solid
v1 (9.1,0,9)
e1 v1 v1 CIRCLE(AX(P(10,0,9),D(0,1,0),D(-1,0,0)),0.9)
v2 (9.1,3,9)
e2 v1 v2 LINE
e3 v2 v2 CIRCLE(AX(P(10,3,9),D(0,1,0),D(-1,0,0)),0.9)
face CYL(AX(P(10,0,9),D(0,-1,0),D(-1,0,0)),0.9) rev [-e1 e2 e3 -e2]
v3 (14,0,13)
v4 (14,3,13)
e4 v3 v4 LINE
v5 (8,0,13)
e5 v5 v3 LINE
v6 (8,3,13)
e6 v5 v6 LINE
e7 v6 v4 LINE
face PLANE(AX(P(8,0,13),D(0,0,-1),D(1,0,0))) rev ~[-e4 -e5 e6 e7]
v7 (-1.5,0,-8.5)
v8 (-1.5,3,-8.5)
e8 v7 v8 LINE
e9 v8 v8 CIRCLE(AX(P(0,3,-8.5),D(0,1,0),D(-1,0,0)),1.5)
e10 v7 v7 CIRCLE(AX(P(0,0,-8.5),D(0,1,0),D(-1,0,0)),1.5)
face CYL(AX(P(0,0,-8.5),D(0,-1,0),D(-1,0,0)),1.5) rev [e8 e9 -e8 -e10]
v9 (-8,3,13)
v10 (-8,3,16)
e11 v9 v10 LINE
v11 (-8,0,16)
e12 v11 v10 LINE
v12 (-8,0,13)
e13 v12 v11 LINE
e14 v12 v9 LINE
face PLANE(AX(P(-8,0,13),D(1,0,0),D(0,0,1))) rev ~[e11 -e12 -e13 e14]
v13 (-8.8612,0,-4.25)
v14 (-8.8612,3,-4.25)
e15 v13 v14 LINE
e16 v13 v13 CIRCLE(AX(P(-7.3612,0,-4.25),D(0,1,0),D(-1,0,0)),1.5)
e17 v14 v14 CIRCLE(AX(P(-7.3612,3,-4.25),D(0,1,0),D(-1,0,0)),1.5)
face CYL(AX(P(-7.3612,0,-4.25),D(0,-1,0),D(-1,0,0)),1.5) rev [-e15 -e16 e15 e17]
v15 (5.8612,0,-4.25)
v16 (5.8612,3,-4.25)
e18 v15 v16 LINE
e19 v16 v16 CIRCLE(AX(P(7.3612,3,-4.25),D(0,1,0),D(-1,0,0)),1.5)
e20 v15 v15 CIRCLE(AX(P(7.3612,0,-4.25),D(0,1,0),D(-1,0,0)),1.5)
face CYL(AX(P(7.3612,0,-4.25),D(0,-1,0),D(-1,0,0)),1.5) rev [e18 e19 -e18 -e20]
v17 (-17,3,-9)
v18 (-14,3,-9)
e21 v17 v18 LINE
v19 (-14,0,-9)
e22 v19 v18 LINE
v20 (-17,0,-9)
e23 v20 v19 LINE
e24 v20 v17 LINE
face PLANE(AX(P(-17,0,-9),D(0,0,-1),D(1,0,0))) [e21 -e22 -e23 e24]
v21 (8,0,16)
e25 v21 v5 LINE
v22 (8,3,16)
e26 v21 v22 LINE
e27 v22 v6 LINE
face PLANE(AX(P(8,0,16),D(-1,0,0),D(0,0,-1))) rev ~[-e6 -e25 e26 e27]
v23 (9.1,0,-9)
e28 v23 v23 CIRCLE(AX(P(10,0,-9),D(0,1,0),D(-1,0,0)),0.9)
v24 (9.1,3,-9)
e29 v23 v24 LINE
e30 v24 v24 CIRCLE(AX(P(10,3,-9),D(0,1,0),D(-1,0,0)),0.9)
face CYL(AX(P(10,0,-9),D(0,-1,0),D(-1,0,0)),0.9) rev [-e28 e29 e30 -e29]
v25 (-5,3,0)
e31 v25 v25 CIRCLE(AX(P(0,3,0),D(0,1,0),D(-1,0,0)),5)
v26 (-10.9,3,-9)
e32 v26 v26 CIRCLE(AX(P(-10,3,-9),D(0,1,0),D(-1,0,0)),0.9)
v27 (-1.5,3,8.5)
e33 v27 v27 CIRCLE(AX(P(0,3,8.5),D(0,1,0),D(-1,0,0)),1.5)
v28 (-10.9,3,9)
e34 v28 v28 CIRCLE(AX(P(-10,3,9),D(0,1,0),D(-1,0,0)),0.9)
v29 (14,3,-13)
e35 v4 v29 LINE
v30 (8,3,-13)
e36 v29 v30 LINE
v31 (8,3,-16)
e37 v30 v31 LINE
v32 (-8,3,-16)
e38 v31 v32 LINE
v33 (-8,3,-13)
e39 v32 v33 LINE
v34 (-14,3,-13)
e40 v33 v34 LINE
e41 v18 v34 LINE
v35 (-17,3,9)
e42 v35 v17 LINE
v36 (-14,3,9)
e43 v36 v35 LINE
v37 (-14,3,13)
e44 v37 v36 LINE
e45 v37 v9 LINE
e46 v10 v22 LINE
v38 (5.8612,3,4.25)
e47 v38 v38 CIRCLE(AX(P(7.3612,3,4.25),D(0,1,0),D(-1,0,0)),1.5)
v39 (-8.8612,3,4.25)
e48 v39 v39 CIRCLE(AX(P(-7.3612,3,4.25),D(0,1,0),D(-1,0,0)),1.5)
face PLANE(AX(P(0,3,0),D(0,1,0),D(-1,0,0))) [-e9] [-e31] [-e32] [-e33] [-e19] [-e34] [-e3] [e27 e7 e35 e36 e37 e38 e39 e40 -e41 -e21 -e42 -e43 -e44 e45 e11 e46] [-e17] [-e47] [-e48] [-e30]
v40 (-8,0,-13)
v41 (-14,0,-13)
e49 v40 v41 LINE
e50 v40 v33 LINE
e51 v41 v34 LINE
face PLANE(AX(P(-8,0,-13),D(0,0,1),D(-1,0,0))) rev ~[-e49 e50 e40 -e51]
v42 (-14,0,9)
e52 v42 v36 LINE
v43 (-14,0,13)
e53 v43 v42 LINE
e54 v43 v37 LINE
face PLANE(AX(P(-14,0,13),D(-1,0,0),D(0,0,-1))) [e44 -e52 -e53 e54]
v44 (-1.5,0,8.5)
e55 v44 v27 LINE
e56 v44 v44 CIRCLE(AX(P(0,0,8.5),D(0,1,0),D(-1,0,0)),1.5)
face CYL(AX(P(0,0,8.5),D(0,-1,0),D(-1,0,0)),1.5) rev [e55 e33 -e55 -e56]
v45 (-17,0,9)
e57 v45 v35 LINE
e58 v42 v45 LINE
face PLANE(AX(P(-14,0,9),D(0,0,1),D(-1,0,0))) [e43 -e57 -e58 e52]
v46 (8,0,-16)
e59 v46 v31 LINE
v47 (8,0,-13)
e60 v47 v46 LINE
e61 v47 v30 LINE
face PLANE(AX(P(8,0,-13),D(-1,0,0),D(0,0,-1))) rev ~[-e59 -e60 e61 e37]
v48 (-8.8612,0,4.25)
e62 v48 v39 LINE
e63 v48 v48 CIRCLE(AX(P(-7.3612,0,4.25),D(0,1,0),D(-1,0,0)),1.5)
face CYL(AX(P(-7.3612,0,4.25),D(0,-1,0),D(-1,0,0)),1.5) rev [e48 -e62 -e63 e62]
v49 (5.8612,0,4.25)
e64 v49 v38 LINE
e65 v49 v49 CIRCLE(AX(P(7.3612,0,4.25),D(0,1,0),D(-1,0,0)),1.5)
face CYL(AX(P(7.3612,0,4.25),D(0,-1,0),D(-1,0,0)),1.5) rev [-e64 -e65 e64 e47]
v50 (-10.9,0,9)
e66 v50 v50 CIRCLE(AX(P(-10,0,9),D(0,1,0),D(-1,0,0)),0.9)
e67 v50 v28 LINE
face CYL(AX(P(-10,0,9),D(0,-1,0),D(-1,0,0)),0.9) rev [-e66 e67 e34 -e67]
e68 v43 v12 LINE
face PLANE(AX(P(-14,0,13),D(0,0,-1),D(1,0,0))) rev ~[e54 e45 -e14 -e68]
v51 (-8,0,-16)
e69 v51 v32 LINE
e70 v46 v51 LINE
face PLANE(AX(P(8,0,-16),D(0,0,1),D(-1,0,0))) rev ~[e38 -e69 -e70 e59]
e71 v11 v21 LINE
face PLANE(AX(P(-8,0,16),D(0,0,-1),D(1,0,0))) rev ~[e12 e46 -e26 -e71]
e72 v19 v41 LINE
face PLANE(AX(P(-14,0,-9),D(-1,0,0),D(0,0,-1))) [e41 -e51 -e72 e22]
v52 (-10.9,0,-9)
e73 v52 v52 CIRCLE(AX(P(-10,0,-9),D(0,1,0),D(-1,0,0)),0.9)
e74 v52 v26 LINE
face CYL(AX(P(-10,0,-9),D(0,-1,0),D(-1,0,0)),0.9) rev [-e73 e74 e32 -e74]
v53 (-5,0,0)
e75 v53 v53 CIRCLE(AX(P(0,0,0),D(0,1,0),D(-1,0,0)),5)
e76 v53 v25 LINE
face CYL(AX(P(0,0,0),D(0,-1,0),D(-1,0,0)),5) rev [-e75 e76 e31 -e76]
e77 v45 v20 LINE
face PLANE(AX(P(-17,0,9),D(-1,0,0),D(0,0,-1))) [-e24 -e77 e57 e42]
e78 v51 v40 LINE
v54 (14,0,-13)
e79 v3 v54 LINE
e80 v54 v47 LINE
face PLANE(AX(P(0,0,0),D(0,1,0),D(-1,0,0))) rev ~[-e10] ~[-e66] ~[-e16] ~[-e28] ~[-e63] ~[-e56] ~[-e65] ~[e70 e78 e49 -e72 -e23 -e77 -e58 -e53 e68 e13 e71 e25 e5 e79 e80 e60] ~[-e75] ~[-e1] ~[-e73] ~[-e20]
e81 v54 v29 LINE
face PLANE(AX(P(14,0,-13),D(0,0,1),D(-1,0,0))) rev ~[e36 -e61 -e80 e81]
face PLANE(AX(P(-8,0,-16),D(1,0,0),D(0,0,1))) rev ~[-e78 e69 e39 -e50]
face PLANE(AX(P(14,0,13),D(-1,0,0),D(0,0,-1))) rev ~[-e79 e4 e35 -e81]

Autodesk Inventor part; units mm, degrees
ref_plane "YZ Plane" through (0, 0, 0) normal (1, 0, 0) x (0, 1, 0)
ref_plane "XZ Plane" through (0, 0, 0) normal (0, 1, 0) x (-1, 0, 0)
ref_plane "XY Plane" through (0, 0, 0) normal (0, 0, 1) x (1, 0, 0)
sketch "Sketch1" plane through (0, 0, 0) normal (0, 1, 0) x (-1, 0, 0)
  circle A0 centre (0, 0) radius 11 construction
  circle A1 centre (0, 0) radius 8.5 construction
  circle A2 centre (0, -8.5) radius 1.5
  circle A3 centre (7.3612, -4.25) radius 1.5
  circle A4 centre (7.3612, 4.25) radius 1.5
  circle A5 centre (0, 8.5) radius 1.5
  circle A6 centre (-7.3612, 4.25) radius 1.5
  circle A7 centre (-7.3612, -4.25) radius 1.5
  circle A8 centre (0, 0) radius 5
  line L0 (14, 16) -> (-14, 16) construction
  line L1 (-14, 16) -> (-14, -16) construction
  line L2 (-14, -16) -> (14, -16) construction
  line L3 (14, -16) -> (14, 16) construction
  line L4 (11, 16) -> (11, -16) construction
  line L5 (14, 13) -> (-14, 13) construction
  line L6 (-11, 16) -> (-11, -16) construction
  line L7 (14, -13) -> (-14, -13) construction
  line L8 (8, 16) -> (-8, 16)
  line L9 (-8, 16) -> (-8, 13)
  line L10 (-8, 13) -> (-14, 13)
  line L11 (-14, 13) -> (-14, -13)
  line L12 (-14, -13) -> (-8, -13)
  line L13 (-8, -13) -> (-8, -16)
  line L14 (-8, -16) -> (8, -16)
  line L15 (8, -16) -> (8, -13)
  line L16 (8, -13) -> (14, -13)
  line L17 (14, 13) -> (8, 13)
  line L18 (8, 13) -> (8, 16)
  circle A9 centre (0, 0) radius 25 construction
  line L19 (14, 13) -> (14, 9)
  line L20 (14, 9) -> (17, 9)
  line L21 (17, 9) -> (17, -9)
  line L22 (17, -9) -> (14, -9)
  line L23 (14, -9) -> (14, -13)
  circle A10 centre (10, 9) radius 0.9
  circle A11 centre (-10, 9) radius 0.9
  circle A12 centre (10, -9) radius 0.9
  circle A13 centre (-10, -9) radius 0.9
  point P0 (0, -16)
  point P1 (14, 0)
  point P2 (0, 16)
  point P3 (17, 0)
  dimension "d1" = 17
  dimension "d0" = 22
  dimension "d3" = 3
  dimension "d6" = 360
  dimension "d8" = 10
  dimension "d9" = 28
  dimension "d10" = 32
  dimension "d11" = 3
  dimension "d12" = 3
  dimension "d13" = 3
  dimension "d14" = 3
  dimension "d16" = 50
  dimension "d19" = 6
  dimension "d20" = 3
  dimension "d21" = 4
  dimension "d22" = 1.8
  dimension "d23" = 4
  dimension "d24" = 4
  dimension "d25" = 1.8
  dimension "d26" = 4
  dimension "d27" = 1.8
  dimension "d28" = 4
  dimension "d29" = 1.8
extrude "Extrusion1" add sketch "Sketch1" along normal blind 3
sketch "Sketch3" plane through (0, 0, 0) normal (0, -1, 0) x (1, 0, 0)
  circle A0 centre (0, 0) radius 5 projected
  circle A1 centre (10, -9) radius 0.9 projected
  circle A2 centre (-10, -9) radius 0.9 projected
  circle A3 centre (10, 9) radius 0.9 projected
  circle A4 centre (-10, 9) radius 0.9 projected
  circle A5 centre (7.3612, -4.25) radius 1.5 projected
  circle A6 centre (7.3612, 4.25) radius 1.5 projected
  circle A7 centre (0, 8.5) radius 1.5 projected
  circle A8 centre (-7.3612, 4.25) radius 1.5 projected
  circle A9 centre (-7.3612, -4.25) radius 1.5 projected
  circle A10 centre (0, -8.5) radius 1.5 projected
  line L0 (-14, 13) -> (-8, 13) projected
  line L1 (-14, 9) -> (-14, 13) projected
  line L2 (-17, 9) -> (-14, 9) projected
  line L3 (-17, -9) -> (-17, 9) projected
  line L4 (-14, -9) -> (-17, -9) projected
  line L5 (-14, -13) -> (-14, -9) projected
  line L6 (-8, -13) -> (-14, -13) projected
  line L7 (-8, -16) -> (-8, -13) projected
  line L8 (8, -16) -> (-8, -16) projected
  line L9 (8, -13) -> (8, -16) projected
  line L10 (14, -13) -> (8, -13) projected
  line L11 (14, 13) -> (14, -13) projected
  line L12 (8, 13) -> (14, 13) projected
  line L13 (8, 16) -> (8, 13) projected
  line L14 (-8, 16) -> (8, 16) projected
  line L15 (-8, 13) -> (-8, 16) projected
equation "\"d12\" = d11"
equation "\"d13\" = d11"
equation "\"d14\" = d11"
equation "\"d20\" = d11"
equation "\"d24\" = d23"
equation "\"d25\" = d22"
equation "\"d26\" = d24"
equation "\"d27\" = d22"
equation "\"d28\" = d23"
equation "\"d29\" = d22"
properties part number "motor mount" material "Polycarbonate, Clear"
